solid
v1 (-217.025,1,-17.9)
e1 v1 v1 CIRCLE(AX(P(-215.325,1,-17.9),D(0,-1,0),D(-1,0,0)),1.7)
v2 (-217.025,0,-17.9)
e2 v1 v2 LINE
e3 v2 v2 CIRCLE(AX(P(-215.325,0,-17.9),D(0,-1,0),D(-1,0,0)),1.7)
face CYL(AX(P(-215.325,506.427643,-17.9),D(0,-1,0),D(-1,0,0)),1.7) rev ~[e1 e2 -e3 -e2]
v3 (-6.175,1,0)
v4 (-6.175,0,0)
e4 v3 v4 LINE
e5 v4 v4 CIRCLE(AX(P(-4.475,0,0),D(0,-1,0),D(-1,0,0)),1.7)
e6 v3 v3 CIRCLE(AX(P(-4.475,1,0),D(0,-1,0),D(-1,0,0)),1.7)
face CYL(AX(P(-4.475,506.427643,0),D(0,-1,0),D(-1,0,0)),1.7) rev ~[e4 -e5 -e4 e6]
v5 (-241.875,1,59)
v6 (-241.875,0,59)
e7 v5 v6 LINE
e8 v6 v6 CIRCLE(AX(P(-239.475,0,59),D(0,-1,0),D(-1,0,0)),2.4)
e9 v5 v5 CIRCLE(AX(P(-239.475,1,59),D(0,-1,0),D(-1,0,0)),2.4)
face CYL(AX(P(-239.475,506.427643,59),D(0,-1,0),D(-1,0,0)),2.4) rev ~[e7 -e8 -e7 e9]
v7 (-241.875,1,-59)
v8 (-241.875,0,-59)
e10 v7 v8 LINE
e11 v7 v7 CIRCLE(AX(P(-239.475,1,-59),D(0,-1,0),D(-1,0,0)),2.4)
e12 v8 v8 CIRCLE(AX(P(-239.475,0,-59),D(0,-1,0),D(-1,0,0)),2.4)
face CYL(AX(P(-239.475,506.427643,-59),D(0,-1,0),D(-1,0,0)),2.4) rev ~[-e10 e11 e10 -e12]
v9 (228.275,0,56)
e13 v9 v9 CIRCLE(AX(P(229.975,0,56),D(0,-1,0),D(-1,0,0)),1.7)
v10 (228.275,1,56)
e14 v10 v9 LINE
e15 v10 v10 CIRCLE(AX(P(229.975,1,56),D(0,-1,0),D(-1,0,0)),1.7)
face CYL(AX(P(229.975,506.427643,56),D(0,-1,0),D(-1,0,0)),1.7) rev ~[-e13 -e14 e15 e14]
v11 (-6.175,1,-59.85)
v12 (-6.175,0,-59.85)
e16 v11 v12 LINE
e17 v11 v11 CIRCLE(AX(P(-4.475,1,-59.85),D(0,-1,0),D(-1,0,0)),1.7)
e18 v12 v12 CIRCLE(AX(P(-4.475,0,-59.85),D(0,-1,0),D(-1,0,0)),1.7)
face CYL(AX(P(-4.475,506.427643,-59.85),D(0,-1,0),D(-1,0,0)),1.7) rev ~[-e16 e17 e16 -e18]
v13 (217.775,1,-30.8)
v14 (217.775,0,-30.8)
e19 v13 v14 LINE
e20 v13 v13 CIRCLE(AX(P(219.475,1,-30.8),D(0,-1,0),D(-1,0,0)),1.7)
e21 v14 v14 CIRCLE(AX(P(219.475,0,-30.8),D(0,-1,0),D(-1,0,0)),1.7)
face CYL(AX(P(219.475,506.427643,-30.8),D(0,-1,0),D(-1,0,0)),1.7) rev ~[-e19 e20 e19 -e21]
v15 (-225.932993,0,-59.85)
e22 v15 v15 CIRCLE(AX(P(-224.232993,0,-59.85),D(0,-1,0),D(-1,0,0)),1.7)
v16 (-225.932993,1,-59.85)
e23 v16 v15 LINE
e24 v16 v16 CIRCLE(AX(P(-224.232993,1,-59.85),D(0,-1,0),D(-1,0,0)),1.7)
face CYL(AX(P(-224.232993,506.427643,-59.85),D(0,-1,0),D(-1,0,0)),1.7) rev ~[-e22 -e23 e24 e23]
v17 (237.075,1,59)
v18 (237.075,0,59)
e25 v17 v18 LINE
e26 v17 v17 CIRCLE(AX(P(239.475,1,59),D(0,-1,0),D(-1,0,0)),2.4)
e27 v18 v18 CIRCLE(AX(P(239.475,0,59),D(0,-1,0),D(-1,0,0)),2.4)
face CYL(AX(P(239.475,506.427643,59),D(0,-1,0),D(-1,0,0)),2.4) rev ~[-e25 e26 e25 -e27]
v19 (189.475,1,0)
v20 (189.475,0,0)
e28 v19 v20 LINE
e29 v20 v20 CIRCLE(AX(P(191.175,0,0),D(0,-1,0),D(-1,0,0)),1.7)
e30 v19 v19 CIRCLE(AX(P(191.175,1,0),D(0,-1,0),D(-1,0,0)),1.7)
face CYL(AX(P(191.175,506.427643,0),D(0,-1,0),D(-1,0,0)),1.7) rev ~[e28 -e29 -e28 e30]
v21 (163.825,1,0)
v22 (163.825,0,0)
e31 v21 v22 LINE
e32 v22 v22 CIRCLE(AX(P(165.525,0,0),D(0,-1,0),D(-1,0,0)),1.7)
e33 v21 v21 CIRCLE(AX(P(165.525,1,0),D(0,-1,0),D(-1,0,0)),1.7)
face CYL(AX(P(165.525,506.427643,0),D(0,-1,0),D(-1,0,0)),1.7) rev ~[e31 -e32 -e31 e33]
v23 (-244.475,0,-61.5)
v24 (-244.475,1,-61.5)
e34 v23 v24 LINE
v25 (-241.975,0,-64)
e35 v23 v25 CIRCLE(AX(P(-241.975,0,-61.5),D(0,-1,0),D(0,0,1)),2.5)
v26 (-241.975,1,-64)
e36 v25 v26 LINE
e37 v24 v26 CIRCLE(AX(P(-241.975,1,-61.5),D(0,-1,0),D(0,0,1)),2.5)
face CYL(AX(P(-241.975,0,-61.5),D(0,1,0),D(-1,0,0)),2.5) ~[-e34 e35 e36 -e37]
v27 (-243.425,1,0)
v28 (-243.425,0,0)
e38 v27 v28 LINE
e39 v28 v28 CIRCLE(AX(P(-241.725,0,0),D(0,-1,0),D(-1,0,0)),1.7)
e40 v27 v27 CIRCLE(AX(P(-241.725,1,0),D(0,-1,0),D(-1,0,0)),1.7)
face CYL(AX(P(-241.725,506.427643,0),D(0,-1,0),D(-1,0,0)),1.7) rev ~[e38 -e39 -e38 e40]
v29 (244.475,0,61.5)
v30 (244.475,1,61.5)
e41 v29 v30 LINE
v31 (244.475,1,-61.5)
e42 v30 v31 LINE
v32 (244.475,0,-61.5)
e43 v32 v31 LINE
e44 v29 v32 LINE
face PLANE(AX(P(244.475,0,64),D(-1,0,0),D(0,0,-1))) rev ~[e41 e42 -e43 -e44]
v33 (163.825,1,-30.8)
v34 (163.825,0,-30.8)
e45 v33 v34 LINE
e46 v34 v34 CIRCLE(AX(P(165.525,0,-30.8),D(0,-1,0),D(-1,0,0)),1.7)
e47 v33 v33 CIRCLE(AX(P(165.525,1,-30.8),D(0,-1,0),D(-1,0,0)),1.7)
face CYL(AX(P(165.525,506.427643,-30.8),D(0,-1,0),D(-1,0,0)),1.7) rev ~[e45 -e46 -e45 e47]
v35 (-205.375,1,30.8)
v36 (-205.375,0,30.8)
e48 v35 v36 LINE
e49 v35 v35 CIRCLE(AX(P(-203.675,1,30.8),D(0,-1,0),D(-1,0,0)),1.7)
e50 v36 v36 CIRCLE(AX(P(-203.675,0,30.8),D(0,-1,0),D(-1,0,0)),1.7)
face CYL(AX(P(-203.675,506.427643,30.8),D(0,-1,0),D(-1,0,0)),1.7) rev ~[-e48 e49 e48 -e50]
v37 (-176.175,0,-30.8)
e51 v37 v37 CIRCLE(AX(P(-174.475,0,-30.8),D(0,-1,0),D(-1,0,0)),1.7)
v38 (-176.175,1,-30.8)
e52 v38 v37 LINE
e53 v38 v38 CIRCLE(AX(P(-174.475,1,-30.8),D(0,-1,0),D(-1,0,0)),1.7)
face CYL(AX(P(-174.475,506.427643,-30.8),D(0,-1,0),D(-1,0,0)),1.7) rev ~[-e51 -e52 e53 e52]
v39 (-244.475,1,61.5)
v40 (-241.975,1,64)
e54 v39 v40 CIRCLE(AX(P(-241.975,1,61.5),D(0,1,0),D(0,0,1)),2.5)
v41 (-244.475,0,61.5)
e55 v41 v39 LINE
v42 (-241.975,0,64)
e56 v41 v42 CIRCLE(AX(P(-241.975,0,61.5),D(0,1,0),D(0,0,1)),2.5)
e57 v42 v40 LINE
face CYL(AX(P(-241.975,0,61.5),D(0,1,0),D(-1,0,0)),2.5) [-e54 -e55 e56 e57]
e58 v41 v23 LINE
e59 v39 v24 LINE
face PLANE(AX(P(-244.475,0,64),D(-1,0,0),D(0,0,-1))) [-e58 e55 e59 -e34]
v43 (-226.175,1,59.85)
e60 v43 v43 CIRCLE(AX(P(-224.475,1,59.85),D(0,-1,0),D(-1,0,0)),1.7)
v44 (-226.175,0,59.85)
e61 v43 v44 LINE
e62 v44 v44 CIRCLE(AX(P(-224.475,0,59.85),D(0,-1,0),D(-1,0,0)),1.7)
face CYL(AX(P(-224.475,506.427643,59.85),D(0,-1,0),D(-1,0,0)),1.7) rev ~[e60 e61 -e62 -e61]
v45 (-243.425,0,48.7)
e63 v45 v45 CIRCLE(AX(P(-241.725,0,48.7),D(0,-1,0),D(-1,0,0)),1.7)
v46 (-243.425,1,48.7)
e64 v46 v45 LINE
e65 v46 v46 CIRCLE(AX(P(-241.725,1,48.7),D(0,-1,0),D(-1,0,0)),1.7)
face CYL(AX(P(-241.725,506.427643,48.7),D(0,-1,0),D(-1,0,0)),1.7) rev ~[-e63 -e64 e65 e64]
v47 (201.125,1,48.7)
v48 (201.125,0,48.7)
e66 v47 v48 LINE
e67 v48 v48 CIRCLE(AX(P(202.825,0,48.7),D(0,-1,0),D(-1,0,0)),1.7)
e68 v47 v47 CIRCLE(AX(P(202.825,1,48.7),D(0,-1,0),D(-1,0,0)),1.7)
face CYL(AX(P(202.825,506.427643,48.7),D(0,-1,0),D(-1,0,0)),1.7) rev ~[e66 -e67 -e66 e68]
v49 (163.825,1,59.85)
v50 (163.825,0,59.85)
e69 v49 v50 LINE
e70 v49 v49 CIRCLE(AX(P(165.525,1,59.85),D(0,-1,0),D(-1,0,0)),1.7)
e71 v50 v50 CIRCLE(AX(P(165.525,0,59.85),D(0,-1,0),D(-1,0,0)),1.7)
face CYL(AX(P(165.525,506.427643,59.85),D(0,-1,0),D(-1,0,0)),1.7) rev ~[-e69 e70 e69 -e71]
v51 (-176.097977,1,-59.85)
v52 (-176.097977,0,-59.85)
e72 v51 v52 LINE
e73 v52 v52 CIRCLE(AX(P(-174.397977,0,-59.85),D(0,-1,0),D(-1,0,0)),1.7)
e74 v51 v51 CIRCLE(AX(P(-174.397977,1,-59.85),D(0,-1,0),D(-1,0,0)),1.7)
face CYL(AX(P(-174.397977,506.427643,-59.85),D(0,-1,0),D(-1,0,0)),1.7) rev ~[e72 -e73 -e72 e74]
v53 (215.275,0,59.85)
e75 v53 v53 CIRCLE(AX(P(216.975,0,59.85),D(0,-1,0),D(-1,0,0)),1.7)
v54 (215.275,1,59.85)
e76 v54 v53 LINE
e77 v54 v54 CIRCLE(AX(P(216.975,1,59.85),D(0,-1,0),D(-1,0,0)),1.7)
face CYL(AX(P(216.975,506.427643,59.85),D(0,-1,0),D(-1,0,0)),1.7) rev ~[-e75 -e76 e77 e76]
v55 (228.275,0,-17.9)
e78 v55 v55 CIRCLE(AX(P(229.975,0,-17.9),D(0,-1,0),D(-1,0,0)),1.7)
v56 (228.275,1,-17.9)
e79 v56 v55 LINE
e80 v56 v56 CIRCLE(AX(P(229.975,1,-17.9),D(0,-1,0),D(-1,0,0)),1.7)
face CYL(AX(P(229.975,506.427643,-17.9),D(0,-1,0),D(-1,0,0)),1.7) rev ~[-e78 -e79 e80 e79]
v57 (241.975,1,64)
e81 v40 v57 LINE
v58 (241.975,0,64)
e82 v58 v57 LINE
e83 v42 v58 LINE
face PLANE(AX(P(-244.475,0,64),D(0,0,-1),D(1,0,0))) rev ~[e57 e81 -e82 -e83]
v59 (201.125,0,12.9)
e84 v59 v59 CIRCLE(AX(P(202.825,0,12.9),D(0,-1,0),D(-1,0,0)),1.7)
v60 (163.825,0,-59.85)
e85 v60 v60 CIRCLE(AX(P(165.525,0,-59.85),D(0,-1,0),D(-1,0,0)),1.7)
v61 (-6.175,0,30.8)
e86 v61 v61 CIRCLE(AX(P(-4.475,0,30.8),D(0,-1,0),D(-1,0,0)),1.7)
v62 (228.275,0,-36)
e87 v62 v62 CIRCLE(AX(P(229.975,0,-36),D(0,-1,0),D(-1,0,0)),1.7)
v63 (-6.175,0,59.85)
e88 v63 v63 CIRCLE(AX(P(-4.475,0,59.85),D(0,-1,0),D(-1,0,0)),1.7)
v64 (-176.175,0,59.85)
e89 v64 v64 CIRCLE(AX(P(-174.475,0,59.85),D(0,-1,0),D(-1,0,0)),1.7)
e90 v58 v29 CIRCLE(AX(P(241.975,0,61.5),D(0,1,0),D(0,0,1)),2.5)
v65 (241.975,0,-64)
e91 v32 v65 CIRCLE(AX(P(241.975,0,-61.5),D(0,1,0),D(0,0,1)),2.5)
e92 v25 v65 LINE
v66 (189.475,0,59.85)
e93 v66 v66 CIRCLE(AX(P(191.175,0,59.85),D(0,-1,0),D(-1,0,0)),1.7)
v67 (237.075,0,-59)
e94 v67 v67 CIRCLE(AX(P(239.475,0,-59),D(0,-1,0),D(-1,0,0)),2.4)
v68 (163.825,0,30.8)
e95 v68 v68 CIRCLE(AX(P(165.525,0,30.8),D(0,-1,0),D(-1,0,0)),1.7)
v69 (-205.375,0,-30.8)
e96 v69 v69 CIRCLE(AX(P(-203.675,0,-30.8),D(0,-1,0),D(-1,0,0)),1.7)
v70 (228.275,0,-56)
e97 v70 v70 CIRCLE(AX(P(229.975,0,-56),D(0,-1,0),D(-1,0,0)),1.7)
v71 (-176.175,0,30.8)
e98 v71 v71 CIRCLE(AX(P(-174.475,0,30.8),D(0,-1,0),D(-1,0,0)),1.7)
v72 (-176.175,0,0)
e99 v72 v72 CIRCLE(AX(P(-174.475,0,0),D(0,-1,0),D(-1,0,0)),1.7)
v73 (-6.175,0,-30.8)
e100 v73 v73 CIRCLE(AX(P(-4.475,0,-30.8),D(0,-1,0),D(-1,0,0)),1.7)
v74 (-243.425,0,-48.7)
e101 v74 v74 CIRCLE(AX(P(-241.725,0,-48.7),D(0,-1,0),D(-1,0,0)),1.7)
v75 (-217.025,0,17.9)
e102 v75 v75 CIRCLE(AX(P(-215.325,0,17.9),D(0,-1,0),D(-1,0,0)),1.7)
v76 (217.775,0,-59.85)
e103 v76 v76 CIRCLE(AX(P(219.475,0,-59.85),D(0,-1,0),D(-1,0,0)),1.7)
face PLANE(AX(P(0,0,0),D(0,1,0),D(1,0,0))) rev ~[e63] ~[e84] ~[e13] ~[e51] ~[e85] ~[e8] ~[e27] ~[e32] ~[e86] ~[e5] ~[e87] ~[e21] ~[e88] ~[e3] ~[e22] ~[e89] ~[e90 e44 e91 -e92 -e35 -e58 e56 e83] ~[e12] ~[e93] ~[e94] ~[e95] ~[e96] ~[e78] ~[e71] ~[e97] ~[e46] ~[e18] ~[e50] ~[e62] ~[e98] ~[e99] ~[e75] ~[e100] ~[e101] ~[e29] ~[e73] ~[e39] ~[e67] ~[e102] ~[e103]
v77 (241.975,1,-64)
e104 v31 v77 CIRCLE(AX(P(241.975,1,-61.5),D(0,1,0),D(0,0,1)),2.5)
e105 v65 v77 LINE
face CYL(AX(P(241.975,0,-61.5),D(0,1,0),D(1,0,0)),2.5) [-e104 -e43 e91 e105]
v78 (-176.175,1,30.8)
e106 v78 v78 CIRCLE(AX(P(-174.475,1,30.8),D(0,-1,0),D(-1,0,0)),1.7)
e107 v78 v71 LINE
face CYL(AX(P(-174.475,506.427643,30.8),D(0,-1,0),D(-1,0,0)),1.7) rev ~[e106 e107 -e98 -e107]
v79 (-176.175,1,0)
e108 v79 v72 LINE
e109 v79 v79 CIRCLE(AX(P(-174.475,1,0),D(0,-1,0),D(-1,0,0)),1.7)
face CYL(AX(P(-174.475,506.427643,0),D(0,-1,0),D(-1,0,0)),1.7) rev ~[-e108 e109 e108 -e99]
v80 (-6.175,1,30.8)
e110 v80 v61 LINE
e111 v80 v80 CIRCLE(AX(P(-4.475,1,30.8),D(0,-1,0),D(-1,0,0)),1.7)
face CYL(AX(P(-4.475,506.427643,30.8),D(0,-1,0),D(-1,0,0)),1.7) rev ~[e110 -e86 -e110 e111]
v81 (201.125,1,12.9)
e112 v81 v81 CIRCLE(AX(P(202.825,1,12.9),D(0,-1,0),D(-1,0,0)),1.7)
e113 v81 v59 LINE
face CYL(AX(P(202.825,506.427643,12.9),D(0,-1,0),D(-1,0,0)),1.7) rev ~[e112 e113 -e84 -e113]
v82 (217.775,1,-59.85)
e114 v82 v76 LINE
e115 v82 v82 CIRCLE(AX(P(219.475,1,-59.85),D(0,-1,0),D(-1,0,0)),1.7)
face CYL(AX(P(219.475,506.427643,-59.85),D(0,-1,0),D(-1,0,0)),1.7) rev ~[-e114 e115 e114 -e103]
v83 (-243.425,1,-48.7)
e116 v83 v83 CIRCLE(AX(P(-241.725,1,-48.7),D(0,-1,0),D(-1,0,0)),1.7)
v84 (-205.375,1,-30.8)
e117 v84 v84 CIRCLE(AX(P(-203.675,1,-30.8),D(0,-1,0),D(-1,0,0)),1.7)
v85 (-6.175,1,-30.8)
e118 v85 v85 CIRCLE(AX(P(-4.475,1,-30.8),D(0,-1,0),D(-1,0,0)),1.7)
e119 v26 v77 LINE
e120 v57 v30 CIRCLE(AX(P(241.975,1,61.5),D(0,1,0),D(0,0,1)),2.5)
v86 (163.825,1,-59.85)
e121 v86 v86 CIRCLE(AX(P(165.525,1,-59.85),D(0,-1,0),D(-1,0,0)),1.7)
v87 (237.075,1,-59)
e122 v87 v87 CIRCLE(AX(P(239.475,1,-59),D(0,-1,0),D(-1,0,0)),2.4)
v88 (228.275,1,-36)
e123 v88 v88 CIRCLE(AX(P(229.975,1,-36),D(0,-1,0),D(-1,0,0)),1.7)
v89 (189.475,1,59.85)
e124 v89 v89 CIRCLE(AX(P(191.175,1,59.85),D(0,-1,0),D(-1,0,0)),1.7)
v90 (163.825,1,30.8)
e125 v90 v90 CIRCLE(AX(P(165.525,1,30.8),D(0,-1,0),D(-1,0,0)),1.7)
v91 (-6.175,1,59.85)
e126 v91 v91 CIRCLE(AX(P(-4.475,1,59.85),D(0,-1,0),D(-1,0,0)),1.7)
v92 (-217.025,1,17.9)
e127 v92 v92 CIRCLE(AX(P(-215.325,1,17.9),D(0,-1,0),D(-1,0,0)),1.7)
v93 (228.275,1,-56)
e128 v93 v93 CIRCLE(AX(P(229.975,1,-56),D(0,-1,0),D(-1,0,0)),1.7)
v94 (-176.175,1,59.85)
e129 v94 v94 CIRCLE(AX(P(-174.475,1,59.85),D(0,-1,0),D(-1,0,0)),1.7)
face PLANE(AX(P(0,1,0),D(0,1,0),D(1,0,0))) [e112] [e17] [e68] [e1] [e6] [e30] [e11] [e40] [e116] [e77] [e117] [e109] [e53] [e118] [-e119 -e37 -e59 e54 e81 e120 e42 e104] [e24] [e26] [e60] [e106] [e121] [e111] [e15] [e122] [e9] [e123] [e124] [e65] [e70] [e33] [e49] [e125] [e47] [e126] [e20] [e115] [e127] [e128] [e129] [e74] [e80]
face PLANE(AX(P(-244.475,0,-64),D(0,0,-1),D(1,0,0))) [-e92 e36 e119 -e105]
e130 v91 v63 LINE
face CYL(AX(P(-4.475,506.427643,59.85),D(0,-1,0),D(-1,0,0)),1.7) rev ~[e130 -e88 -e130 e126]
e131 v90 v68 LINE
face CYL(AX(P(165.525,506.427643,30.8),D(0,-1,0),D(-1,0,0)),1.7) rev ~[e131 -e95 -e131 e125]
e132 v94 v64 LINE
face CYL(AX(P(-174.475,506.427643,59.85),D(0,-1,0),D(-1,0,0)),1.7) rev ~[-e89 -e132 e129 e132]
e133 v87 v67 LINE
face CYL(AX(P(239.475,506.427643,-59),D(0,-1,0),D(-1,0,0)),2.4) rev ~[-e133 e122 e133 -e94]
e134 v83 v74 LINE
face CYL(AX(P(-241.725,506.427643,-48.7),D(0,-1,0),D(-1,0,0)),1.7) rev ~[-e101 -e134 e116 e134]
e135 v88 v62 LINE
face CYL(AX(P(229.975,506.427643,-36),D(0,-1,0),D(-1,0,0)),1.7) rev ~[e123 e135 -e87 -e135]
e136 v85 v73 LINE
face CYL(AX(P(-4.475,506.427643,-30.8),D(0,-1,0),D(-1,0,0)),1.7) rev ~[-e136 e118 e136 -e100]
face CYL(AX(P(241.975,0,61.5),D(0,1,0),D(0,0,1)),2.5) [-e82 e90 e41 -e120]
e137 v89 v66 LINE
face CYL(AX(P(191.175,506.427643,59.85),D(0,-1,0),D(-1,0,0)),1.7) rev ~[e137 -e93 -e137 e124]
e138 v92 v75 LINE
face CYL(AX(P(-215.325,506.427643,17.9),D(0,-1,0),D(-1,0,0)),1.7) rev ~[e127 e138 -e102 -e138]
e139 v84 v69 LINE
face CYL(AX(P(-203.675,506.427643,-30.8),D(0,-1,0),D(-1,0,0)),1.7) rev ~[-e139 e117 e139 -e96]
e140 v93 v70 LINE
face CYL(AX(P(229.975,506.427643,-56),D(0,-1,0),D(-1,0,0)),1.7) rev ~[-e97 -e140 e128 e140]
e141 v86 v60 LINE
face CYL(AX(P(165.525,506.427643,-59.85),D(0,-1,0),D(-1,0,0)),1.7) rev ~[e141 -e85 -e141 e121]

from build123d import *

# Parameters (mm, degrees)
SKETCH1_W            = 488.95
SKETCH1_H            = 128
BOSS_EXTRUDE1_DEPTH  = 1
FILLET1_R            = 2.5
M4_CLEARANCE_HOLE1_D = 4.8
M3_CLEARANCE_HOLE1_D = 3.4


with BuildPart() as part:
    # Sketch1 → Boss-Extrude1 (new body)
    with BuildSketch(Plane(origin=(0, 0, 0), x_dir=(1, 0, 0), z_dir=(0, 1, 0))):
        Rectangle(SKETCH1_W, SKETCH1_H)
    extrude(amount=BOSS_EXTRUDE1_DEPTH)

    # Fillet1
    fillet1_edges = [part.edges().sort_by_distance(p)[0] for p in [
        (244.475, 0.5, 64),
        (-244.475, 0.5, 64),
        (-244.475, 0.5, -64),
        (244.475, 0.5, -64),
    ]]
    fillet(fillet1_edges, radius=FILLET1_R)

    # M4 Clearance Hole1 (through all)
    with Locations(Plane(origin=(0, 1, 0), x_dir=(1, 0, 0), z_dir=(0, 1, 0))):
        with Locations((239.475, -59), (239.475, 59), (-239.475, -59), (-239.475, 59)):
            Hole(M4_CLEARANCE_HOLE1_D / 2)

    # M3 Clearance Hole1 (through all)
    with Locations(Plane(origin=(0, 1, 0), x_dir=(1, 0, 0), z_dir=(0, 1, 0))):
        with Locations((229.975, -56), (216.975, -59.85), (202.825, -48.7), (191.175, -59.85), (165.525, -59.85), (-4.475, -59.85), (-241.725, -48.7), (-224.475, -59.85), (-174.475, -59.85), (-241.725, 0), (-241.725, 48.7), (-203.675, -30.8), (-174.475, -30.8), (-215.325, -17.9), (-4.475, -30.8), (165.525, -30.8), (229.975, 56), (219.475, 59.85), (229.975, 36), (219.475, 30.8), (229.975, 17.9), (202.825, -12.9), (191.175, 0), (165.525, 0), (165.525, 30.8), (165.525, 59.85), (-4.475, 59.85), (-174.397977499, 59.85), (-224.23299272, 59.85), (-174.475, 30.8), (-174.475, 0), (-215.325, 17.9), (-203.675, 30.8), (-4.475, 30.8), (-4.475, 0)):
            Hole(M3_CLEARANCE_HOLE1_D / 2)


solid = part.part
